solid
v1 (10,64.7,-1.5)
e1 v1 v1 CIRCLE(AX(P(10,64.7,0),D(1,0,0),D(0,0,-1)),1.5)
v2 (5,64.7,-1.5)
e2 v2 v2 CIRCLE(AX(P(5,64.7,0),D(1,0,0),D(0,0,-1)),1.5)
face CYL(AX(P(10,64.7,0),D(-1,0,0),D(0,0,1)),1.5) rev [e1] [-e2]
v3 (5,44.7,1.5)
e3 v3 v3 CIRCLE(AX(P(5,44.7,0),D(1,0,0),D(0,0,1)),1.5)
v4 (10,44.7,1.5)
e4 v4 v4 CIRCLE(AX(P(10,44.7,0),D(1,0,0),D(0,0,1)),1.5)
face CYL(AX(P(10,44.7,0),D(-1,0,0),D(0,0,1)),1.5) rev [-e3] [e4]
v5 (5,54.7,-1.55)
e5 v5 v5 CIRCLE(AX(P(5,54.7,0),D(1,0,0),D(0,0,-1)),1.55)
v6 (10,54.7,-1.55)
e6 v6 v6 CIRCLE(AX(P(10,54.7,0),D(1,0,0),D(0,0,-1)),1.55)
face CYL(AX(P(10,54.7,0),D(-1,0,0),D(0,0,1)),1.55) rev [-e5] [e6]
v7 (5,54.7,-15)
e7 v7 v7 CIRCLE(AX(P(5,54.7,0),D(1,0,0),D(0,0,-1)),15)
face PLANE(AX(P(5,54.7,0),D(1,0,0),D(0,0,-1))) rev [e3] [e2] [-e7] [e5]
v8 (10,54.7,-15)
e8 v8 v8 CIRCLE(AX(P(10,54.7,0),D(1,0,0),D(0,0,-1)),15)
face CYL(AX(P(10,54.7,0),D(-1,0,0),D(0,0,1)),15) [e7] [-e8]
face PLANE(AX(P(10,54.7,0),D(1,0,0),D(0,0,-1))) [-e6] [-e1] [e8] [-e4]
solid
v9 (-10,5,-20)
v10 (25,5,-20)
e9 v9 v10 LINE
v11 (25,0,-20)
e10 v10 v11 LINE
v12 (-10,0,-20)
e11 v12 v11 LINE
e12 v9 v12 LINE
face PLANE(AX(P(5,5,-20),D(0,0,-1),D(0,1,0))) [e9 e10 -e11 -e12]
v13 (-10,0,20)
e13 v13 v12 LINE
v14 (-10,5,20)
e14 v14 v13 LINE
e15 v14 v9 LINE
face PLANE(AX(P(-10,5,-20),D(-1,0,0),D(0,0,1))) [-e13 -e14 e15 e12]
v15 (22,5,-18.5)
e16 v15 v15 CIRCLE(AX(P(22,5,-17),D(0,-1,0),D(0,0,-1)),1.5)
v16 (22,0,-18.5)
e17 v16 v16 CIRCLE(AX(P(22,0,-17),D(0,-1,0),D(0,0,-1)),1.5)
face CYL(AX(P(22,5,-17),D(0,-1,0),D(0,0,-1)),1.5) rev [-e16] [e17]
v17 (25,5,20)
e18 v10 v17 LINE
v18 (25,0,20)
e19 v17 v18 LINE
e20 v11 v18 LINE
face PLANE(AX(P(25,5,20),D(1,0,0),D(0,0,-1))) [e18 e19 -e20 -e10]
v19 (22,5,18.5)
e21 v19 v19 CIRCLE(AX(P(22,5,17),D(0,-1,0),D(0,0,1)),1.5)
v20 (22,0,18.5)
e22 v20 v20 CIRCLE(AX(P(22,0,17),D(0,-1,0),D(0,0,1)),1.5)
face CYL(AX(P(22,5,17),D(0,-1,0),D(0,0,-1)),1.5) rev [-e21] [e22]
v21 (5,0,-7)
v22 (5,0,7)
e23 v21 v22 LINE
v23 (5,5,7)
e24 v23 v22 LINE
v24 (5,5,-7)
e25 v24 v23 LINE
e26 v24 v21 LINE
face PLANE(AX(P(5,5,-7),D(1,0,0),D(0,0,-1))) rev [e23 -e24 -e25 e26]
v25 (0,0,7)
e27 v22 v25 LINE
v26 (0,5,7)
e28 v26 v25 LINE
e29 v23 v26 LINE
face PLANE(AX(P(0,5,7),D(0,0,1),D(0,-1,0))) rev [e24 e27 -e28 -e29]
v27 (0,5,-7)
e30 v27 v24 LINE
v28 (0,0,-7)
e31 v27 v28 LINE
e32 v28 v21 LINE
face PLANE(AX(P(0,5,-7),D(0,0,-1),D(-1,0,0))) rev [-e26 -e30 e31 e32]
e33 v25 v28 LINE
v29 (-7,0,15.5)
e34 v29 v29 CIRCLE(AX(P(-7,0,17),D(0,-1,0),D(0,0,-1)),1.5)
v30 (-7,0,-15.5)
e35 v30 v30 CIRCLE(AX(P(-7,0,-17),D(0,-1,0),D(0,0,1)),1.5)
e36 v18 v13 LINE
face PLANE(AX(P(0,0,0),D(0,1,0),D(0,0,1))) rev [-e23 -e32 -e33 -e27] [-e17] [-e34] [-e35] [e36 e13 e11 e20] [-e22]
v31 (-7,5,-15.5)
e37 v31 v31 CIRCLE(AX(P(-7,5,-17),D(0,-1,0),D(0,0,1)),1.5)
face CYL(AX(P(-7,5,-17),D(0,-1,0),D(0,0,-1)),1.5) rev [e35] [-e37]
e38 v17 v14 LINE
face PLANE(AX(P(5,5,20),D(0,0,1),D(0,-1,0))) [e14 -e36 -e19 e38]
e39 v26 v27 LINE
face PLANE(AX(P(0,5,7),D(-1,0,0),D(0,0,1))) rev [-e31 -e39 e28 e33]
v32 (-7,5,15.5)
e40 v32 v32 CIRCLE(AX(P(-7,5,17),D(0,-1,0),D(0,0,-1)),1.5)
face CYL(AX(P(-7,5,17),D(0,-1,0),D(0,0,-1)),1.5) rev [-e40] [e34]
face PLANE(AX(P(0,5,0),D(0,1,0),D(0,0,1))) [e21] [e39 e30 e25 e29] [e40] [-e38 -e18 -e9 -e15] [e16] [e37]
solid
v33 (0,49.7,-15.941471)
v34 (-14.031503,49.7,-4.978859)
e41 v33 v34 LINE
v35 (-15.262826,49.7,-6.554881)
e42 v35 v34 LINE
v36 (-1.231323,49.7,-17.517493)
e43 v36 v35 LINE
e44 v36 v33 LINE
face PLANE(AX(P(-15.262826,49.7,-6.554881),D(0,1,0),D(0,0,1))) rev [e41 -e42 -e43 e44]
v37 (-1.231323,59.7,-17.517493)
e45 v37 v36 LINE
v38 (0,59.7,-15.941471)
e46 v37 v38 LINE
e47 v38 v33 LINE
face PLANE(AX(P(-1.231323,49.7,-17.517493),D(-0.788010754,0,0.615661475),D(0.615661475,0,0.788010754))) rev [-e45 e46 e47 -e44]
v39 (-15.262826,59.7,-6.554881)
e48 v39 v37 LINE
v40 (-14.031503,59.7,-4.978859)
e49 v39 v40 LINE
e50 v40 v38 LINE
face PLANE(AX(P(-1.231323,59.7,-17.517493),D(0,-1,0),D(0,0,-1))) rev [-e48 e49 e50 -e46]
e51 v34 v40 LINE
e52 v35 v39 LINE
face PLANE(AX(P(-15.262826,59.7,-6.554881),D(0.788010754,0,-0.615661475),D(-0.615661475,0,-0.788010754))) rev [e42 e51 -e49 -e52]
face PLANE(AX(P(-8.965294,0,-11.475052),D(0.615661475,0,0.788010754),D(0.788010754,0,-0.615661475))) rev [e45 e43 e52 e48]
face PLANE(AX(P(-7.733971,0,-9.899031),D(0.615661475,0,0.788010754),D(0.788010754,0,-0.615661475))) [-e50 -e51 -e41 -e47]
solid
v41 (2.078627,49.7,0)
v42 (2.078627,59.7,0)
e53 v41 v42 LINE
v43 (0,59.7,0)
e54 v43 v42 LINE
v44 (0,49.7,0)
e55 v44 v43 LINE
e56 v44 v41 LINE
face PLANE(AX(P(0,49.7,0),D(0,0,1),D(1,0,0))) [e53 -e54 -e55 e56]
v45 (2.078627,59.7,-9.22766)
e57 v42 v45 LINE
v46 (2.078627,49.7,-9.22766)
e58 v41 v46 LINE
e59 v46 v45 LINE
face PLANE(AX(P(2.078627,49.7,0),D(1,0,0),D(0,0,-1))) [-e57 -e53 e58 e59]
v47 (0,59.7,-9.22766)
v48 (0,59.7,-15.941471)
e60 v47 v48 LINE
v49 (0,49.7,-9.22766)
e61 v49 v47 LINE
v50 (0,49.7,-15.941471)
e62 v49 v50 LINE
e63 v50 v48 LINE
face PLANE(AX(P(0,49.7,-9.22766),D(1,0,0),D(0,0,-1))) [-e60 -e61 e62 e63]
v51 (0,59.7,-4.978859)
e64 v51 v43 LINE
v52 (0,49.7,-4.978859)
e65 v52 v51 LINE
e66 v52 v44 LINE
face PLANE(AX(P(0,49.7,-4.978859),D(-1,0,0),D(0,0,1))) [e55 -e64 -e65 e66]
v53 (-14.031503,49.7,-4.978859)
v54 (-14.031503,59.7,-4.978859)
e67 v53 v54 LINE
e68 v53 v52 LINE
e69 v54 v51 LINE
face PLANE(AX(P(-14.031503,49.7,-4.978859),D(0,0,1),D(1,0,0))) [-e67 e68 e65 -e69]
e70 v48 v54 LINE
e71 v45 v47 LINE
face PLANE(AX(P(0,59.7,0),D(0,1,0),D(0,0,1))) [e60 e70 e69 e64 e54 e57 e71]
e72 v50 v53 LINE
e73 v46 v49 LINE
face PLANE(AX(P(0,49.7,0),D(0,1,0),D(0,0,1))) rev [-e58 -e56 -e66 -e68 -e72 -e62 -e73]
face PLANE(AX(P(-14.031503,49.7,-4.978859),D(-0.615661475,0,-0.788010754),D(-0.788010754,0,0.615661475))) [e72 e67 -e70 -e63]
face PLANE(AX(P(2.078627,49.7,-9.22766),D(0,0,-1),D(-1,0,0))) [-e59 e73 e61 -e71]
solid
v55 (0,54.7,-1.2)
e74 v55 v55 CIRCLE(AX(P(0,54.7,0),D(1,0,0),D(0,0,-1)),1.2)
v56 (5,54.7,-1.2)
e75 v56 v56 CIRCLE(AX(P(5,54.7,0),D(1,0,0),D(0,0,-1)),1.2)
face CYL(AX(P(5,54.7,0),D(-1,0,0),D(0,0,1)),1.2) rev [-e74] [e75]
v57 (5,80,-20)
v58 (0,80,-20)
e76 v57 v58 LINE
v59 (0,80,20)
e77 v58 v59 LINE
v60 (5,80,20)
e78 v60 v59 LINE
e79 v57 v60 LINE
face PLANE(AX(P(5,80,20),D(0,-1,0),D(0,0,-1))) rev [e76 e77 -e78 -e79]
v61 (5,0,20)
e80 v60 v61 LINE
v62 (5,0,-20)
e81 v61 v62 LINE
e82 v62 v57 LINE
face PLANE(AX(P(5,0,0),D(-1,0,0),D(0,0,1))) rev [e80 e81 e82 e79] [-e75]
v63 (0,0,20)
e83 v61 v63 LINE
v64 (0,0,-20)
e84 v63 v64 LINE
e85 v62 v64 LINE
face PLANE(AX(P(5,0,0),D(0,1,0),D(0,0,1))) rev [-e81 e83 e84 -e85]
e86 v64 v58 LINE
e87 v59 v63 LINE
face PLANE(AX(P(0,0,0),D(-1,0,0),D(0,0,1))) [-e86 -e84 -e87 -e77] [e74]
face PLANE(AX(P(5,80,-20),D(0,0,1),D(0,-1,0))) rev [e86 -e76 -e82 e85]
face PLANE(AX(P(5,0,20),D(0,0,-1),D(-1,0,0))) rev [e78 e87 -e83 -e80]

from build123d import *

# Parameters (mm, degrees)
SKETCH1_R                = 1.2
BOSS_EXTRUDE1_DEPTH      = 5
SKETCH4_R                = 1.5
SKETCH4_W                = 5
SKETCH4_H                = 14
BOSS_EXTRUDE2_DEPTH      = 5
BOSS_EXTRUDE3_DEPTH      = 5
BOSS_EXTRUDE3_DEPTH_BACK = 5
SKETCH10_R               = 15
SKETCH10_R_2             = 1.55
SKETCH10_R_3             = 1.5
BOSS_EXTRUDE5_DEPTH      = 5
SKETCH12_W               = 17.806233138
SKETCH12_H               = 10
BOSS_EXTRUDE6_DEPTH      = 2


with BuildPart() as part:
    # Sketch1 → Boss-Extrude1 (new body)
    with BuildSketch(Plane(origin=(0, 0, 0), x_dir=(0, 0, -1), z_dir=(1, 0, 0))):
        Polygon((0, 0), (-20, 0), (-20, 80), (20, 80), (20, 0), align=None)
        with Locations((0, 54.7)):
            Circle(SKETCH1_R, mode=Mode.SUBTRACT)
    extrude(amount=BOSS_EXTRUDE1_DEPTH)


with BuildPart() as body_2:
    # Sketch4 → Boss-Extrude2 (new body)
    with BuildSketch(Plane.XZ):
        Polygon((5, 20), (25, 20), (25, -20), (5, -20), (-10, -20), (-10, 20), align=None)
        with Locations(Location((-7, 17, 0), (0, 0, 270))):
            Circle(SKETCH4_R, mode=Mode.SUBTRACT)
        with Locations(Location((-7, -17, 0), (0, 0, 90))):
            Circle(SKETCH4_R, mode=Mode.SUBTRACT)
        with Locations(Location((22, -17, 0), (0, 0, 270))):
            Circle(SKETCH4_R, mode=Mode.SUBTRACT)
        with Locations(Location((22, 17, 0), (0, 0, 90))):
            Circle(SKETCH4_R, mode=Mode.SUBTRACT)
        with Locations((2.5, 0)):
            Rectangle(SKETCH4_W, SKETCH4_H, mode=Mode.SUBTRACT)
    extrude(amount=-BOSS_EXTRUDE2_DEPTH)


with BuildPart() as body_3:
    # Sketch8 → Boss-Extrude3 (new, two sides: drawn at the far end of the back side and taken through both)
    with BuildSketch(Plane(origin=(0, 54.7, 0), x_dir=(1, 0, 0), z_dir=(0, 1, 0)).offset(-BOSS_EXTRUDE3_DEPTH_BACK)):
        Polygon((-14.031503195, 4.978859287), (0, 4.978859287), (0, 0), (2.078626706, 0), (2.078626706, 9.227659687), (0, 9.227659687), (0, 15.941471051), align=None)
    extrude(amount=BOSS_EXTRUDE3_DEPTH + BOSS_EXTRUDE3_DEPTH_BACK)


with BuildPart() as body_4:
    # Sketch10 → Boss-Extrude5 (new body)
    with BuildSketch(Plane(origin=(5, 0, 0), x_dir=(0, 0, -1), z_dir=(1, 0, 0))):
        with Locations((0, 54.7)):
            Circle(SKETCH10_R)
        with Locations((0, 54.7)):
            Circle(SKETCH10_R_2, mode=Mode.SUBTRACT)
        with Locations((0, 64.7)):
            Circle(SKETCH10_R_3, mode=Mode.SUBTRACT)
        with Locations(Location((0, 44.7, 0), (0, 0, 180))):
            Circle(SKETCH10_R_3, mode=Mode.SUBTRACT)
    extrude(amount=BOSS_EXTRUDE5_DEPTH)


with BuildPart() as body_5:
    # Sketch12 → Boss-Extrude6 (new body)
    with BuildSketch(Plane(origin=(-7.733970616, 0, -9.899030973), x_dir=(-0.7880107536067256, 0, 0.6156614753256539), z_dir=(-0.6156614753256537, 0, -0.7880107536067255))):
        with Locations((-0.911433017, 54.7)):
            Rectangle(SKETCH12_W, SKETCH12_H)
    extrude(amount=BOSS_EXTRUDE6_DEPTH)


solid = Compound([part.part, body_2.part, body_3.part, body_4.part, body_5.part])
